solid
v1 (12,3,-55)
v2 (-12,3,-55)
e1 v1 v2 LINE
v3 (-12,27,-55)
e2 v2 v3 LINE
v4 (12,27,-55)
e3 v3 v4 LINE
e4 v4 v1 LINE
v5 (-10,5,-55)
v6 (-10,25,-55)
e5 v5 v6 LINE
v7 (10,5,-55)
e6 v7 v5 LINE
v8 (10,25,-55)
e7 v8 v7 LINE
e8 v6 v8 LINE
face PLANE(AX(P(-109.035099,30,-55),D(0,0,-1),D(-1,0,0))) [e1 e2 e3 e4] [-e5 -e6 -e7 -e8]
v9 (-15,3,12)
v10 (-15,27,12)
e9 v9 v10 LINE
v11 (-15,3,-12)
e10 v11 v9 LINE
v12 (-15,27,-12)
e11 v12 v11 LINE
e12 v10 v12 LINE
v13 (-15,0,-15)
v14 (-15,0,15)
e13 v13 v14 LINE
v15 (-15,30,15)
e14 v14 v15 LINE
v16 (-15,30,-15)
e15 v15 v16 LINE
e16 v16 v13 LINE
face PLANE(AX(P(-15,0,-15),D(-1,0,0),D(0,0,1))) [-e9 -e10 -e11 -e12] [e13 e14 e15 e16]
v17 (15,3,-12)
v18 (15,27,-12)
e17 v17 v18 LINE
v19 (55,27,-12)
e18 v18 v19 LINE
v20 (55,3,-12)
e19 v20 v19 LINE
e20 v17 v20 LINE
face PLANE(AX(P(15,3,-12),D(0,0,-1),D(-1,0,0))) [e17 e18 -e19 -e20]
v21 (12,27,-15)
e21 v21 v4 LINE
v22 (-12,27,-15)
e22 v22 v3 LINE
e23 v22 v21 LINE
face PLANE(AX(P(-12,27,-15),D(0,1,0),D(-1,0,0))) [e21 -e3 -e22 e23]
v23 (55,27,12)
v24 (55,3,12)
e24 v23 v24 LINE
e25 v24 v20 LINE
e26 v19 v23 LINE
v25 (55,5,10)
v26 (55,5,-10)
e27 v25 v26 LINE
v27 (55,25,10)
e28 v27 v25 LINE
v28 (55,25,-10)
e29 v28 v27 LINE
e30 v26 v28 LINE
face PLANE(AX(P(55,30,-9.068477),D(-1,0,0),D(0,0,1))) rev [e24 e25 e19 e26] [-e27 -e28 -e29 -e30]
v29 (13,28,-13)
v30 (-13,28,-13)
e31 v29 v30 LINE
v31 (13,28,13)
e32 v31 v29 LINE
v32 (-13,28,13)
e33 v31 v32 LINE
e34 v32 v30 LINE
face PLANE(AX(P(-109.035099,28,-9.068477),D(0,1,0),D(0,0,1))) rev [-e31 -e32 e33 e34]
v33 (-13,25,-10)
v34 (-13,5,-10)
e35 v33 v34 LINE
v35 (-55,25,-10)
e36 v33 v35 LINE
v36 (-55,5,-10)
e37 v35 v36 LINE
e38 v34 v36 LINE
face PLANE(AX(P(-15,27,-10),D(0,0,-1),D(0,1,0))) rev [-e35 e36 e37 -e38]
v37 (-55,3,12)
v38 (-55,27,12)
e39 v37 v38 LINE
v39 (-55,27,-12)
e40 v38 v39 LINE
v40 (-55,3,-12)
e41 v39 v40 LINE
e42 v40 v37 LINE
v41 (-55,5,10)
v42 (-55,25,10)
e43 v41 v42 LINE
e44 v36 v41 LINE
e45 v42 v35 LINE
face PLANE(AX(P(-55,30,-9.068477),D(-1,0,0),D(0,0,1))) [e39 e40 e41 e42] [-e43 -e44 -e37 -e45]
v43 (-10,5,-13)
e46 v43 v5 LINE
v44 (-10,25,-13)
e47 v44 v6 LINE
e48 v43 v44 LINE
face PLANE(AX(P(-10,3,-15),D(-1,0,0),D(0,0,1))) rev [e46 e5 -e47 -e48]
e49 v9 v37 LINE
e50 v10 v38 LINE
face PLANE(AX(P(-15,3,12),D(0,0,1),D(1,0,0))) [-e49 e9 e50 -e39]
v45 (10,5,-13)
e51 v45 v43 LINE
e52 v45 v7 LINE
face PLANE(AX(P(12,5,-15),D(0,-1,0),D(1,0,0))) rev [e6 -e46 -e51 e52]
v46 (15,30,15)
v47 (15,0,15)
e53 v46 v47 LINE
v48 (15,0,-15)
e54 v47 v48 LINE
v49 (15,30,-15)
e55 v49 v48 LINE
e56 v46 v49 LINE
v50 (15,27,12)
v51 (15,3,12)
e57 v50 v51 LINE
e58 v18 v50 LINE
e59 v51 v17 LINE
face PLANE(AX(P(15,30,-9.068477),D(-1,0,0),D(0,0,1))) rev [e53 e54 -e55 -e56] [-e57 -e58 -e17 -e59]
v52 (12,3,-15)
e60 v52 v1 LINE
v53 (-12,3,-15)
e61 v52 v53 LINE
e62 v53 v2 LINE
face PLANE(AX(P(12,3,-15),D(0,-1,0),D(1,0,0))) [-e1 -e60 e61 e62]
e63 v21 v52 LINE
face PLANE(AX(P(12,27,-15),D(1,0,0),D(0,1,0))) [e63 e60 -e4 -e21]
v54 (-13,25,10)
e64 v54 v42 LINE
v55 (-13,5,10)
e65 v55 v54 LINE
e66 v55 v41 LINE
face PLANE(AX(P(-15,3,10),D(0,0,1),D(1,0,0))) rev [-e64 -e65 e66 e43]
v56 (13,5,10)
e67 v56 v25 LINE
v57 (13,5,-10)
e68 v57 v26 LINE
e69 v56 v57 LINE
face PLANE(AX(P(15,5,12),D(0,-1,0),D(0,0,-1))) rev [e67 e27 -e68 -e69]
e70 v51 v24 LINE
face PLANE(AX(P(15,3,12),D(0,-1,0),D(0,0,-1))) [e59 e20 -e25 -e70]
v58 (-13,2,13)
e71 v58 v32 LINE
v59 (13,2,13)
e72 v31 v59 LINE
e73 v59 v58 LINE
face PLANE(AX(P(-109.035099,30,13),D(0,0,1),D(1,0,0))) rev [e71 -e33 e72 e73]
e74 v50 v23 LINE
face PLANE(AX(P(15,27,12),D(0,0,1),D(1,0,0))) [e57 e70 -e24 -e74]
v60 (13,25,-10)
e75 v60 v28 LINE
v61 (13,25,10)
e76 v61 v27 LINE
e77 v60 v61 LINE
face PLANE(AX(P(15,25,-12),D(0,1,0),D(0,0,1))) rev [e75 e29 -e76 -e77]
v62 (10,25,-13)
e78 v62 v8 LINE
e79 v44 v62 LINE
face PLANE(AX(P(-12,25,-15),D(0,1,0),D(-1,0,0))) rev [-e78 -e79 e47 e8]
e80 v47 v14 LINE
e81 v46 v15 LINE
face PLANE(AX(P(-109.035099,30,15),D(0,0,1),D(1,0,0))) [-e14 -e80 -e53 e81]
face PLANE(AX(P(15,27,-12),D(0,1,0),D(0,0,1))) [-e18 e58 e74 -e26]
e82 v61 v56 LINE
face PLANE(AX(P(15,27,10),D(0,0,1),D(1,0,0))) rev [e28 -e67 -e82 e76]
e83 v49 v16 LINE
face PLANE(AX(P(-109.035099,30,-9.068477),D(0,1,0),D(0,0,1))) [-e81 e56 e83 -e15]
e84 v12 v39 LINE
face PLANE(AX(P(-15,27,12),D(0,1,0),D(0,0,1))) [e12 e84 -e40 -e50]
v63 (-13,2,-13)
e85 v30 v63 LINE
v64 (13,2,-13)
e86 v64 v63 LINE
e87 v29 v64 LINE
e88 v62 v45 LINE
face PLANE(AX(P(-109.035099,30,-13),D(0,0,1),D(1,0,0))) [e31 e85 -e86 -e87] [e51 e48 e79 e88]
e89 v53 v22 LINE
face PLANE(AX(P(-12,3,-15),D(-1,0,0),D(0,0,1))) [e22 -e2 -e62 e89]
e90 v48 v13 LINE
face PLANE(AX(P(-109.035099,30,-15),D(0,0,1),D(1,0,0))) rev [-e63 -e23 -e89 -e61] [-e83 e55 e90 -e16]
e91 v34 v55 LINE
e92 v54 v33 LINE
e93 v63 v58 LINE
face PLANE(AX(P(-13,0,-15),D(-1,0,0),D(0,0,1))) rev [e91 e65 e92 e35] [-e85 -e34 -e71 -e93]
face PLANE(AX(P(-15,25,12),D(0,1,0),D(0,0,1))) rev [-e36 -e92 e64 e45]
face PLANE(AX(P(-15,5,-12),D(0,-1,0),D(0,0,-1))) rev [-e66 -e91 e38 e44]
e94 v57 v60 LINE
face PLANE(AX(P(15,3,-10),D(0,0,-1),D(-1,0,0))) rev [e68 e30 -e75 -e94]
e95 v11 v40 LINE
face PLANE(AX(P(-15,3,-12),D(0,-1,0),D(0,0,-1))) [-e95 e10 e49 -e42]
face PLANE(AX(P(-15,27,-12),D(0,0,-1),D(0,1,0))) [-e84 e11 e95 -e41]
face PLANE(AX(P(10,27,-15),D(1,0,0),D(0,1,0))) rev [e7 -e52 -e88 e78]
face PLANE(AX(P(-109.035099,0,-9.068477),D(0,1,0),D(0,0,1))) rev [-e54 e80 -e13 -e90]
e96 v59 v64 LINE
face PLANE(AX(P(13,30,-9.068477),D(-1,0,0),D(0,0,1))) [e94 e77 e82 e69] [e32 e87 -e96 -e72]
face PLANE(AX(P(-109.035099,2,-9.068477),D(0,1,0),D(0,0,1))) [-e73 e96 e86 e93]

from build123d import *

# Parameters (mm, degrees)
CROQUIS1_W     = 30
CROQUIS1_H     = 40
CROQUIS1_H_2   = 30
CROQUIS1_W_2   = 40
EXTRUIR1_DEPTH = 30
CROQUIS2_W     = 30
CROQUIS2_H     = 30
CROQUIS2_W_2   = 24
CROQUIS2_H_2   = 24
EXTRUIR2_DEPTH = 40
CROQUIS3_W     = 30
CROQUIS3_H     = 30
CROQUIS3_W_2   = 24
CROQUIS3_H_2   = 24
EXTRUIR3_DEPTH = 40
CROQUIS5_W     = 30
CROQUIS5_H     = 30
CROQUIS5_W_2   = 24
CROQUIS5_H_2   = 24
EXTRUIR4_DEPTH = 40
VACIADO1_T     = -2


with BuildPart() as part:
    # Croquis1 → Extruir1 (new body)
    with BuildSketch(Plane(origin=(0, 0, 0), x_dir=(1, 0, 0), z_dir=(0, 1, 0))):
        with Locations((0, 35)):
            Rectangle(CROQUIS1_W, CROQUIS1_H)
        Rectangle(CROQUIS1_W, CROQUIS1_H_2)
        with Locations((35, 0)):
            Rectangle(CROQUIS1_W_2, CROQUIS1_H_2)
        with Locations((-35, 0)):
            Rectangle(CROQUIS1_W_2, CROQUIS1_H_2)
    extrude(amount=EXTRUIR1_DEPTH)

    # Croquis2 → Extruir2 (cut)
    with BuildSketch(Plane(origin=(55, 0, 0), x_dir=(0, 0, -1), z_dir=(1, 0, 0))):
        with Locations((0, 15)):
            Rectangle(CROQUIS2_W, CROQUIS2_H)
        with Locations((0, 15)):
            Rectangle(CROQUIS2_W_2, CROQUIS2_H_2, mode=Mode.SUBTRACT)
    extrude(amount=-EXTRUIR2_DEPTH, mode=Mode.SUBTRACT)

    # Croquis3 → Extruir3 (cut)
    with BuildSketch(Plane(origin=(0, 0, -55), x_dir=(-1, 0, 0), z_dir=(0, 0, -1))):
        with Locations((0, 15)):
            Rectangle(CROQUIS3_W, CROQUIS3_H)
        with Locations((0, 15)):
            Rectangle(CROQUIS3_W_2, CROQUIS3_H_2, mode=Mode.SUBTRACT)
    extrude(amount=-EXTRUIR3_DEPTH, mode=Mode.SUBTRACT)

    # Croquis5 → Extruir4 (cut)
    with BuildSketch(Plane.ZY.offset(55)):
        with Locations((0, 15)):
            Rectangle(CROQUIS5_W, CROQUIS5_H)
        with Locations((0, 15)):
            Rectangle(CROQUIS5_W_2, CROQUIS5_H_2, mode=Mode.SUBTRACT)
    extrude(amount=-EXTRUIR4_DEPTH, mode=Mode.SUBTRACT)

    # Vaciado1
    vaciado1_openings = [part.faces().sort_by_distance(p)[0] for p in [
        (55, 15, 0),
        (0, 15, -55),
        (-55, 15, 0),
    ]]
    offset(amount=VACIADO1_T, openings=vaciado1_openings, kind=Kind.INTERSECTION)


solid = part.part
